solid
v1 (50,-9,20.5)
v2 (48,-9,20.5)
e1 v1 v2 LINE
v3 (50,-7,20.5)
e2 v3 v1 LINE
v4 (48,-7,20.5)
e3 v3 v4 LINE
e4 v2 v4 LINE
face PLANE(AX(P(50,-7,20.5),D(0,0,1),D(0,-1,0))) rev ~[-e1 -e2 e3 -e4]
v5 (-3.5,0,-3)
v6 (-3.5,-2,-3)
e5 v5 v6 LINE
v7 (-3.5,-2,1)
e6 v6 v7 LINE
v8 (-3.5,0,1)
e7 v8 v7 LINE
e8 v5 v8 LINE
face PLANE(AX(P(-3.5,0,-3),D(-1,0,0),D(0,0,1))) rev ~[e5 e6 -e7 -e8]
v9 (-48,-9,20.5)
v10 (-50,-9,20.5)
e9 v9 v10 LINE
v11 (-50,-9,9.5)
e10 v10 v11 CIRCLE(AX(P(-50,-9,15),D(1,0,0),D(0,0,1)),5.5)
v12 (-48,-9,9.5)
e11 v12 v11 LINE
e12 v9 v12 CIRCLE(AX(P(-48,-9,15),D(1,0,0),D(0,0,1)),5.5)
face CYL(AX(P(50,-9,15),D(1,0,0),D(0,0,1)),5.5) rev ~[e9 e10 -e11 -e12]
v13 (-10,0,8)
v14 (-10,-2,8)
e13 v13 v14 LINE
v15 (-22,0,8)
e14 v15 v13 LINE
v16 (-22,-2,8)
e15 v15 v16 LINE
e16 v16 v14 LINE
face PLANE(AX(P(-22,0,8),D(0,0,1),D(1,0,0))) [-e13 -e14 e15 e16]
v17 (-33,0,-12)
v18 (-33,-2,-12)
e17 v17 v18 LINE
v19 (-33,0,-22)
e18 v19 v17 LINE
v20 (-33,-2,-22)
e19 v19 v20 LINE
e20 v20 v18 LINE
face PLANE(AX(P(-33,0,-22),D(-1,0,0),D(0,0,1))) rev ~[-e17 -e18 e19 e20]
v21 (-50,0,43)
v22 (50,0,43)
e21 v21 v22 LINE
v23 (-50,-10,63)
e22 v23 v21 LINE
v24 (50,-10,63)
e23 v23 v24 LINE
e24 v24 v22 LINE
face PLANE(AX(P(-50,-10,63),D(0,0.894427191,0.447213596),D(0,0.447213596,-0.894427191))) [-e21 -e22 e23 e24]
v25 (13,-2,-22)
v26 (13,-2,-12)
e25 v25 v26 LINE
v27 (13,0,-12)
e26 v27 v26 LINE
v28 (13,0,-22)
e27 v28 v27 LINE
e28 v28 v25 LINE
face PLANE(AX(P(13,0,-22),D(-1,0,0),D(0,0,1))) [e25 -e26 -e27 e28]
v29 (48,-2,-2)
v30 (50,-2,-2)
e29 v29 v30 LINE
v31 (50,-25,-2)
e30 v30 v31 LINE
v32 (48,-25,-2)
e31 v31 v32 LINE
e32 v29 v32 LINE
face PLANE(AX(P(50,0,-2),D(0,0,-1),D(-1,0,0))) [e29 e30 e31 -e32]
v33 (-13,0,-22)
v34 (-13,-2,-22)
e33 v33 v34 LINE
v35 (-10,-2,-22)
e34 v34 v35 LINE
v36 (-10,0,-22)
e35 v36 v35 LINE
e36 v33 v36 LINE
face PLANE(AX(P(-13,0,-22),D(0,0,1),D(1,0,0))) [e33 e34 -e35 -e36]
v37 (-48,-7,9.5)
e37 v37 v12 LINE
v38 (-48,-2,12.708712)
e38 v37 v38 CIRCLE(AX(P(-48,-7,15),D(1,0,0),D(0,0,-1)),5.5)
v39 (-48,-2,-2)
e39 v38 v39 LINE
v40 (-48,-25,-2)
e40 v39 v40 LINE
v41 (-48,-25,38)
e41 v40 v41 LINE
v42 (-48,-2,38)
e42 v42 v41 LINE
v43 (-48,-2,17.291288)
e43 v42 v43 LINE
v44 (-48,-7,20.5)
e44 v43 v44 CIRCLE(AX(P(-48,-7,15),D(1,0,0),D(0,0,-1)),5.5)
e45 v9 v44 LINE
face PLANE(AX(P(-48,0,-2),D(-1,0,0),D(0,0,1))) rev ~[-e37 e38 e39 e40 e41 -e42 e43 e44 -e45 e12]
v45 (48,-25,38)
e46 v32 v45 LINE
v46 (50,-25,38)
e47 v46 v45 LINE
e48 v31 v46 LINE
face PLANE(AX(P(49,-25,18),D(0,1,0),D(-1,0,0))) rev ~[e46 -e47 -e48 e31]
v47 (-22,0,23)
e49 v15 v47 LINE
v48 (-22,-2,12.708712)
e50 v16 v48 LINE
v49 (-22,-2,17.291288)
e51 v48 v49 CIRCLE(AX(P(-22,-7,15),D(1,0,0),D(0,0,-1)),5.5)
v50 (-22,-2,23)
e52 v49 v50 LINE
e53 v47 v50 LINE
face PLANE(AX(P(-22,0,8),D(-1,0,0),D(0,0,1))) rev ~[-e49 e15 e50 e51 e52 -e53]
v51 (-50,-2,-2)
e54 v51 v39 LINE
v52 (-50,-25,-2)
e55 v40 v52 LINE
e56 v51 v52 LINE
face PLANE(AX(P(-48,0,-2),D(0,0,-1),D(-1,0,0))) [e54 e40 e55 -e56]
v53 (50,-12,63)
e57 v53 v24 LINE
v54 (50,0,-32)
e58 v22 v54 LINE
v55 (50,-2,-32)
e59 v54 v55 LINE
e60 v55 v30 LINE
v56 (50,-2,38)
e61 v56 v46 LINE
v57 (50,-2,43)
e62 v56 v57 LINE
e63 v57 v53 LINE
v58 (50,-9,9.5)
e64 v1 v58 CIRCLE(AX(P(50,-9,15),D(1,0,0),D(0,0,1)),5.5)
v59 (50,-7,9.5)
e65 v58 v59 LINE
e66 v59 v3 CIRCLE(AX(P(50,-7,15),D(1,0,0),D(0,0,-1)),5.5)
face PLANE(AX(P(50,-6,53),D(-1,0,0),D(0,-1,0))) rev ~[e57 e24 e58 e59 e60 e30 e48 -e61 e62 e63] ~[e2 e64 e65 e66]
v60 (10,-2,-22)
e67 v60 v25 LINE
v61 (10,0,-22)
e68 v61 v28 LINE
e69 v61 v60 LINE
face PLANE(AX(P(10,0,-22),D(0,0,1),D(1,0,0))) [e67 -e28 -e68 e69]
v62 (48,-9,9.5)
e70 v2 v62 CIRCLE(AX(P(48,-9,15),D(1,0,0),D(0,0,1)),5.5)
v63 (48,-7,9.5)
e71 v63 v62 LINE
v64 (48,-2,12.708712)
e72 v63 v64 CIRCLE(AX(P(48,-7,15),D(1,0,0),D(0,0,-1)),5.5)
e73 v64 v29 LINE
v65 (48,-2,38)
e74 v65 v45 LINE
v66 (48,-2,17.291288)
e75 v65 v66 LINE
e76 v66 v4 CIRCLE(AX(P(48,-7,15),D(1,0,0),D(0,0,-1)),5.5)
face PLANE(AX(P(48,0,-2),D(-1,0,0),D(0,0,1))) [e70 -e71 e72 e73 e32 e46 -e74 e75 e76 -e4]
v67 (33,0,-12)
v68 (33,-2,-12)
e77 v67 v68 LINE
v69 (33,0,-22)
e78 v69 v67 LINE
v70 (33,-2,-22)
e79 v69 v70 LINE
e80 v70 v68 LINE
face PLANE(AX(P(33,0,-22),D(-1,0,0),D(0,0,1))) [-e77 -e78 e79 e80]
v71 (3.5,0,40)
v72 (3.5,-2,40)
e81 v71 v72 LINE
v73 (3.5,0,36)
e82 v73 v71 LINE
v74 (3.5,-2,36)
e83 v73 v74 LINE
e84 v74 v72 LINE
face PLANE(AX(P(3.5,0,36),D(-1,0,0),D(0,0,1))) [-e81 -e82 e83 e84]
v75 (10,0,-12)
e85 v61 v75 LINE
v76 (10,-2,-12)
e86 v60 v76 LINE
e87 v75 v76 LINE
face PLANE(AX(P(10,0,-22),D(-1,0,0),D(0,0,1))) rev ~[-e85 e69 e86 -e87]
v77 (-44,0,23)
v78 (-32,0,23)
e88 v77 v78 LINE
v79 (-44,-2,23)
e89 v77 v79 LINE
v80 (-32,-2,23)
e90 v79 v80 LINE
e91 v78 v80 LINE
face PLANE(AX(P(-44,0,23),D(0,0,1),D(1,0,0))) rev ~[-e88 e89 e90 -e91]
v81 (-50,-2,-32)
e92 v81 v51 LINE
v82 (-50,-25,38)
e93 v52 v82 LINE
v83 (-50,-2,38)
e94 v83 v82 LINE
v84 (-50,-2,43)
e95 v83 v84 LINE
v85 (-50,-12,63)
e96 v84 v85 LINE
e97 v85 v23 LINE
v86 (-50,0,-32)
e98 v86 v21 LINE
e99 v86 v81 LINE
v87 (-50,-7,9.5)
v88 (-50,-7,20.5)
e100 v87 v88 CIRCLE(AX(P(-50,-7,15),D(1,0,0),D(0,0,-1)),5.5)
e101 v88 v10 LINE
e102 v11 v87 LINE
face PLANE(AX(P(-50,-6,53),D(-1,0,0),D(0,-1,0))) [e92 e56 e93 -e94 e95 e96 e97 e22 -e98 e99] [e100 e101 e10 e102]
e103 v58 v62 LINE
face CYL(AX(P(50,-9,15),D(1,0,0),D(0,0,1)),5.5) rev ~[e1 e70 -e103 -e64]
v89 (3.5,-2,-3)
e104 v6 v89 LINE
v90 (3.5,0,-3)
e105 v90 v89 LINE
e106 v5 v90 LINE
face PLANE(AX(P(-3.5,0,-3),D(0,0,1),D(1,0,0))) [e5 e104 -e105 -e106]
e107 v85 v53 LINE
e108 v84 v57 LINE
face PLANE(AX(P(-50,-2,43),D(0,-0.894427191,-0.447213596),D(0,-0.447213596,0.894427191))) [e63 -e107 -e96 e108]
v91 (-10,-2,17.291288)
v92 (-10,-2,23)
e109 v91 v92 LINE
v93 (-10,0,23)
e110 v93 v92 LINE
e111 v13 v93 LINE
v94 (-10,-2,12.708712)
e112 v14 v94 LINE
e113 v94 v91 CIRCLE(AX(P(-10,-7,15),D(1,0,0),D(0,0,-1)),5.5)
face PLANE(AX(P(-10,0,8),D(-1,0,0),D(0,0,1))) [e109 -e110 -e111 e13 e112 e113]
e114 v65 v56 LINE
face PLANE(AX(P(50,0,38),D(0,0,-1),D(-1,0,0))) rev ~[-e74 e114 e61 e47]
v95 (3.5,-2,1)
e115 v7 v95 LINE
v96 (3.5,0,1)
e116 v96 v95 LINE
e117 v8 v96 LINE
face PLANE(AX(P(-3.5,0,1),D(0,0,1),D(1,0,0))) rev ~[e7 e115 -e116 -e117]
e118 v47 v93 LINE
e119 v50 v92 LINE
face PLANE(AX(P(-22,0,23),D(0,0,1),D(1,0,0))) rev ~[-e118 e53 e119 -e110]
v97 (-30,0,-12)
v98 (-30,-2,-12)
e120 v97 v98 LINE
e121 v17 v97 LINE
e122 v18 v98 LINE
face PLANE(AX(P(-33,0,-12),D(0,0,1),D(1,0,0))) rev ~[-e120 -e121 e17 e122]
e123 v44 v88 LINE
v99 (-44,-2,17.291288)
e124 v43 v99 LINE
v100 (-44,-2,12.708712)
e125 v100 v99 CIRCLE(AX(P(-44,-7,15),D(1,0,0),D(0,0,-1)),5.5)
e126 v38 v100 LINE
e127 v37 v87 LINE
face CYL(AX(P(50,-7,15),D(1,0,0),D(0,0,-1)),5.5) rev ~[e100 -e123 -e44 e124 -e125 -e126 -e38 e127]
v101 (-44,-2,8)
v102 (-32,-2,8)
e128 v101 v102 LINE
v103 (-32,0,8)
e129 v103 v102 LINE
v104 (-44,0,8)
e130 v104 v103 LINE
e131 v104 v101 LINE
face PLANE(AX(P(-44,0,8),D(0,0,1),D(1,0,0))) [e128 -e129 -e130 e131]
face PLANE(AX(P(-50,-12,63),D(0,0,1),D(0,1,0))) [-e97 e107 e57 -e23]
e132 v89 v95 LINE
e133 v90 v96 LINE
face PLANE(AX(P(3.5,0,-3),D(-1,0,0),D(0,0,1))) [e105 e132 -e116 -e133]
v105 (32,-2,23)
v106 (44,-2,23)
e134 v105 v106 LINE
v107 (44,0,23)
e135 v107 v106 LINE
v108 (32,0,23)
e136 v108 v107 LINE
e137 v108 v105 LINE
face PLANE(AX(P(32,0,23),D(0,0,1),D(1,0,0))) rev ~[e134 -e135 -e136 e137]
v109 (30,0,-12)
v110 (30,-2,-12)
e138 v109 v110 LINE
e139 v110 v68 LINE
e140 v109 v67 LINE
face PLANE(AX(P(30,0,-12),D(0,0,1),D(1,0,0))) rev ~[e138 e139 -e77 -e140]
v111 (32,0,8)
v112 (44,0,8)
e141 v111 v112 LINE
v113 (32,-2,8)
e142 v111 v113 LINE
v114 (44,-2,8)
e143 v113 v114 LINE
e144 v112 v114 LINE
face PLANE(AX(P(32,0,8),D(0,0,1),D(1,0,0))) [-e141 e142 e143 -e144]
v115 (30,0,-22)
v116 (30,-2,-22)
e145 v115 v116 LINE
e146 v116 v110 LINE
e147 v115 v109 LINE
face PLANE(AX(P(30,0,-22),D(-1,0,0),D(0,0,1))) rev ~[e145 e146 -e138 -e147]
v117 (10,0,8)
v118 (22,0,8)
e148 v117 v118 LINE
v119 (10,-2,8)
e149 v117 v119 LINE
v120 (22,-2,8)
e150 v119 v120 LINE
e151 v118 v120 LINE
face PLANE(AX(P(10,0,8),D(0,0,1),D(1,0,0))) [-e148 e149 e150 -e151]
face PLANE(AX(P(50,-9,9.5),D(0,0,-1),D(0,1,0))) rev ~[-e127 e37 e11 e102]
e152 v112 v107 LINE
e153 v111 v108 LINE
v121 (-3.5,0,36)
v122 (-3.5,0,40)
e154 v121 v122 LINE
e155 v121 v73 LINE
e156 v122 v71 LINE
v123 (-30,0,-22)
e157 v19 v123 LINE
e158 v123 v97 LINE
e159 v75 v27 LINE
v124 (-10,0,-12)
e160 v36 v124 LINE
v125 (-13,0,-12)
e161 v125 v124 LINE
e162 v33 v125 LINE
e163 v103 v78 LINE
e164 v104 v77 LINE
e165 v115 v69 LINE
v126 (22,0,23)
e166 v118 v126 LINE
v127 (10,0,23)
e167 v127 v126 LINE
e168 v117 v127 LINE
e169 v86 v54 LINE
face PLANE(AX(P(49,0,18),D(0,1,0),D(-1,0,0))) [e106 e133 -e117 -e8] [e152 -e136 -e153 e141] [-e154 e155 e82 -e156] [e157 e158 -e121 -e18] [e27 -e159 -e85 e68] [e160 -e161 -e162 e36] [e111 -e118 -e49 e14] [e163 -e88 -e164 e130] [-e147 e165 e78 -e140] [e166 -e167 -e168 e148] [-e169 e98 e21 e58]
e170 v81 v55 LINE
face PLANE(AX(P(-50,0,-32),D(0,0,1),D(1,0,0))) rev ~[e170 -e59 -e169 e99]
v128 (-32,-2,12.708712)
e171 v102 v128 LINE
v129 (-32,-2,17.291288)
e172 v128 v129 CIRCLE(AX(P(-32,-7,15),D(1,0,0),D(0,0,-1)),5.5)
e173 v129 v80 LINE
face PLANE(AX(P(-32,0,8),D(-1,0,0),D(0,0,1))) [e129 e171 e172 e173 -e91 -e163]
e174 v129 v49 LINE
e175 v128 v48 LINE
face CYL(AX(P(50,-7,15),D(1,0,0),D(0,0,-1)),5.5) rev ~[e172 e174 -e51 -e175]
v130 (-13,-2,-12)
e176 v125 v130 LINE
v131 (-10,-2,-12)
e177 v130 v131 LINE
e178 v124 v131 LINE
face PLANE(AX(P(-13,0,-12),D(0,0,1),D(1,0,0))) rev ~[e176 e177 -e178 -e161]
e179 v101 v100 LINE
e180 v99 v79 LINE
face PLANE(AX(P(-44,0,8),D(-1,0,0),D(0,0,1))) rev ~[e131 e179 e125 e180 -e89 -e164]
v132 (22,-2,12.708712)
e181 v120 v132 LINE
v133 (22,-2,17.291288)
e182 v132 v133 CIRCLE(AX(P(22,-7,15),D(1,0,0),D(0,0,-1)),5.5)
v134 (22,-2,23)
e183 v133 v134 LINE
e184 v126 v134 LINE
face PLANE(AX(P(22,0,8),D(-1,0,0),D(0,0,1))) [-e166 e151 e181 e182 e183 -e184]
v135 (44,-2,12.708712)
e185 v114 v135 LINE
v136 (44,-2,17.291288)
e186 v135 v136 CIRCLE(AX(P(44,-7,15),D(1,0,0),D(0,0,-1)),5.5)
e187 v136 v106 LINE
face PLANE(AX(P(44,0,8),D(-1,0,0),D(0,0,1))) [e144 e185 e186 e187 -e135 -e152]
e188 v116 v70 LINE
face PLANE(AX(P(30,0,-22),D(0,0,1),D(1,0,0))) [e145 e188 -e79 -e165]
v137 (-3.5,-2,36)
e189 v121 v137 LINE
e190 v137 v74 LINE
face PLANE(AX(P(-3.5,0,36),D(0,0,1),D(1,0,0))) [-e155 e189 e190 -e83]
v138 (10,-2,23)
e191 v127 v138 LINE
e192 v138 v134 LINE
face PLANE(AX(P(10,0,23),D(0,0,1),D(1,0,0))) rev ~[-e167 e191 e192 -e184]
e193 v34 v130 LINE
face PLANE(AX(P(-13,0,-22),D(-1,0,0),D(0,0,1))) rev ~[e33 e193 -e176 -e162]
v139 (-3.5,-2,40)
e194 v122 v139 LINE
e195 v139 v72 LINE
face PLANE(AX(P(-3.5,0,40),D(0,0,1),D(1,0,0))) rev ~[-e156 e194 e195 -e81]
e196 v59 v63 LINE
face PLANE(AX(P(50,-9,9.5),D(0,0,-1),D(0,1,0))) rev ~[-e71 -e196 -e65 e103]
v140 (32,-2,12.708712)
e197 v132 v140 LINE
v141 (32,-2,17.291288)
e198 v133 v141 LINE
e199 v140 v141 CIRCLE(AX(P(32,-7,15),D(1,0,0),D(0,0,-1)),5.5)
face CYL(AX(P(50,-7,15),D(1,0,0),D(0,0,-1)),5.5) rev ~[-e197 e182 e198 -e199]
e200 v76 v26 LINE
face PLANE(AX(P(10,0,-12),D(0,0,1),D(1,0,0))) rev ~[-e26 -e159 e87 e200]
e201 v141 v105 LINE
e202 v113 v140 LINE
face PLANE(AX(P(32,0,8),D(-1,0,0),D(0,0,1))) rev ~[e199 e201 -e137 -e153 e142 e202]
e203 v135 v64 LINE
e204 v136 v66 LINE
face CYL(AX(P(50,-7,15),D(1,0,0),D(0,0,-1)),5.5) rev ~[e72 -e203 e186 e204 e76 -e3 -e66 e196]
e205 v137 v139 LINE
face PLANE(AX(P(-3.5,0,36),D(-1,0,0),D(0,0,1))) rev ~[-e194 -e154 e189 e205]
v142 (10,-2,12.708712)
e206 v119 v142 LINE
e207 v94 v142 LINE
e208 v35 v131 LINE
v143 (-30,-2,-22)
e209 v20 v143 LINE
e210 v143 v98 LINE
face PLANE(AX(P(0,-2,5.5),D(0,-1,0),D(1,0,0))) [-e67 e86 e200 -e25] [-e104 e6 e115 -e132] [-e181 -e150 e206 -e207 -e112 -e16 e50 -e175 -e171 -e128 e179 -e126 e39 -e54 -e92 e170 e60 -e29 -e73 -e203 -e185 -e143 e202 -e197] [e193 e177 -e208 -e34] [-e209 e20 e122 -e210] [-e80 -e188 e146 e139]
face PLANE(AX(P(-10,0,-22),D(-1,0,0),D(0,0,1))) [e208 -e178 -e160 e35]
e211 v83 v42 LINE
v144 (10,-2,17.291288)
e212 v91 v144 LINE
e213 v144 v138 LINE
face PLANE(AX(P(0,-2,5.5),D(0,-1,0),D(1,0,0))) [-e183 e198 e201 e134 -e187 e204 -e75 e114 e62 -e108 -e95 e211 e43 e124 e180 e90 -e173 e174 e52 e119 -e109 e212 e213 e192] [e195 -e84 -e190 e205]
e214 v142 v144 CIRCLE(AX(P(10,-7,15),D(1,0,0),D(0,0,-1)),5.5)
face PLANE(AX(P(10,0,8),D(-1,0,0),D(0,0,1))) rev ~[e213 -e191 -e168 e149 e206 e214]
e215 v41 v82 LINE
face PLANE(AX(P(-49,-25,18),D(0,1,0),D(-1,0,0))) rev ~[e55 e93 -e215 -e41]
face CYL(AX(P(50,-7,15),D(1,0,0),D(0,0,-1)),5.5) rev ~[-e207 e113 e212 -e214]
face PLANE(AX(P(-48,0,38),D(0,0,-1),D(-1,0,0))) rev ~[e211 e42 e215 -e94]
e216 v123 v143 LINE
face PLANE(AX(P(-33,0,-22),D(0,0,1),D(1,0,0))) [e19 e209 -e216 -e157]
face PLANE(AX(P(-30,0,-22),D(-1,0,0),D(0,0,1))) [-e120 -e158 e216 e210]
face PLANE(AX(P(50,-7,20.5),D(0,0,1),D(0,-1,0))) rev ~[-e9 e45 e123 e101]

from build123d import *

# Parameters (mm, degrees)
F0_W     = 100
F0_H     = 75
F0_W_2   = 3
F0_H_2   = 10
F0_W_3   = 7
F0_H_3   = 4
F0_W_4   = 12
F0_H_4   = 15
F1_DEPTH = 2
F2_W     = 2
F2_H     = 40
F3_DEPTH = 25
F5_DEPTH = 100
F7_DEPTH = 100


with BuildPart() as f1:
    # F0 (on Front) → F1 (new body)
    with BuildSketch(Plane.XZ):
        with Locations((0, 5.5)):
            Rectangle(F0_W, F0_H)
        with Locations((-31.5, -17)):
            Rectangle(F0_W_2, F0_H_2, mode=Mode.SUBTRACT)
        with Locations((-11.5, -17)):
            Rectangle(F0_W_2, F0_H_2, mode=Mode.SUBTRACT)
        with Locations((11.5, -17)):
            Rectangle(F0_W_2, F0_H_2, mode=Mode.SUBTRACT)
        with Locations((31.5, -17)):
            Rectangle(F0_W_2, F0_H_2, mode=Mode.SUBTRACT)
        with Locations((0, -1)):
            Rectangle(F0_W_3, F0_H_3, mode=Mode.SUBTRACT)
        with Locations((-38, 15.5)):
            Rectangle(F0_W_4, F0_H_4, mode=Mode.SUBTRACT)
        with Locations((-16, 15.5)):
            Rectangle(F0_W_4, F0_H_4, mode=Mode.SUBTRACT)
        with Locations((16, 15.5)):
            Rectangle(F0_W_4, F0_H_4, mode=Mode.SUBTRACT)
        with Locations((38, 15.5)):
            Rectangle(F0_W_4, F0_H_4, mode=Mode.SUBTRACT)
        with Locations((0, 38)):
            Rectangle(F0_W_3, F0_H_3, mode=Mode.SUBTRACT)
    extrude(amount=F1_DEPTH)

    # F2 (on face) → F3 (join)
    with BuildSketch(Plane(origin=(0, 0, 0), x_dir=(-1, 0, 0), z_dir=(0, 1, 0))):
        with Locations((-49, 18)):
            Rectangle(F2_W, F2_H)
        with Locations((49, 18)):
            Rectangle(F2_W, F2_H)
    extrude(amount=-F3_DEPTH)

    # F4 (on face) → F5 (join)
    with BuildSketch(Plane(origin=(-50, 0, 0), x_dir=(0, -1, 0), z_dir=(-1, 0, 0))):
        Polygon((0, 43), (2, 43), (12, 63), (10, 63), align=None)
    extrude(amount=-F5_DEPTH)

    # F6 (on face) → F7 (cut)
    with BuildSketch(Plane.YZ.offset(50)):
        with BuildLine():
            Line((-7, 20.5), (-9, 20.5))
            ThreePointArc((-9, 20.5), (-14.5, 15), (-9, 9.5))
            Line((-9, 9.5), (-7, 9.5))
            ThreePointArc((-7, 9.5), (-1.5, 15), (-7, 20.5))
        make_face()
    extrude(amount=-F7_DEPTH, mode=Mode.SUBTRACT)


solid = f1.part
